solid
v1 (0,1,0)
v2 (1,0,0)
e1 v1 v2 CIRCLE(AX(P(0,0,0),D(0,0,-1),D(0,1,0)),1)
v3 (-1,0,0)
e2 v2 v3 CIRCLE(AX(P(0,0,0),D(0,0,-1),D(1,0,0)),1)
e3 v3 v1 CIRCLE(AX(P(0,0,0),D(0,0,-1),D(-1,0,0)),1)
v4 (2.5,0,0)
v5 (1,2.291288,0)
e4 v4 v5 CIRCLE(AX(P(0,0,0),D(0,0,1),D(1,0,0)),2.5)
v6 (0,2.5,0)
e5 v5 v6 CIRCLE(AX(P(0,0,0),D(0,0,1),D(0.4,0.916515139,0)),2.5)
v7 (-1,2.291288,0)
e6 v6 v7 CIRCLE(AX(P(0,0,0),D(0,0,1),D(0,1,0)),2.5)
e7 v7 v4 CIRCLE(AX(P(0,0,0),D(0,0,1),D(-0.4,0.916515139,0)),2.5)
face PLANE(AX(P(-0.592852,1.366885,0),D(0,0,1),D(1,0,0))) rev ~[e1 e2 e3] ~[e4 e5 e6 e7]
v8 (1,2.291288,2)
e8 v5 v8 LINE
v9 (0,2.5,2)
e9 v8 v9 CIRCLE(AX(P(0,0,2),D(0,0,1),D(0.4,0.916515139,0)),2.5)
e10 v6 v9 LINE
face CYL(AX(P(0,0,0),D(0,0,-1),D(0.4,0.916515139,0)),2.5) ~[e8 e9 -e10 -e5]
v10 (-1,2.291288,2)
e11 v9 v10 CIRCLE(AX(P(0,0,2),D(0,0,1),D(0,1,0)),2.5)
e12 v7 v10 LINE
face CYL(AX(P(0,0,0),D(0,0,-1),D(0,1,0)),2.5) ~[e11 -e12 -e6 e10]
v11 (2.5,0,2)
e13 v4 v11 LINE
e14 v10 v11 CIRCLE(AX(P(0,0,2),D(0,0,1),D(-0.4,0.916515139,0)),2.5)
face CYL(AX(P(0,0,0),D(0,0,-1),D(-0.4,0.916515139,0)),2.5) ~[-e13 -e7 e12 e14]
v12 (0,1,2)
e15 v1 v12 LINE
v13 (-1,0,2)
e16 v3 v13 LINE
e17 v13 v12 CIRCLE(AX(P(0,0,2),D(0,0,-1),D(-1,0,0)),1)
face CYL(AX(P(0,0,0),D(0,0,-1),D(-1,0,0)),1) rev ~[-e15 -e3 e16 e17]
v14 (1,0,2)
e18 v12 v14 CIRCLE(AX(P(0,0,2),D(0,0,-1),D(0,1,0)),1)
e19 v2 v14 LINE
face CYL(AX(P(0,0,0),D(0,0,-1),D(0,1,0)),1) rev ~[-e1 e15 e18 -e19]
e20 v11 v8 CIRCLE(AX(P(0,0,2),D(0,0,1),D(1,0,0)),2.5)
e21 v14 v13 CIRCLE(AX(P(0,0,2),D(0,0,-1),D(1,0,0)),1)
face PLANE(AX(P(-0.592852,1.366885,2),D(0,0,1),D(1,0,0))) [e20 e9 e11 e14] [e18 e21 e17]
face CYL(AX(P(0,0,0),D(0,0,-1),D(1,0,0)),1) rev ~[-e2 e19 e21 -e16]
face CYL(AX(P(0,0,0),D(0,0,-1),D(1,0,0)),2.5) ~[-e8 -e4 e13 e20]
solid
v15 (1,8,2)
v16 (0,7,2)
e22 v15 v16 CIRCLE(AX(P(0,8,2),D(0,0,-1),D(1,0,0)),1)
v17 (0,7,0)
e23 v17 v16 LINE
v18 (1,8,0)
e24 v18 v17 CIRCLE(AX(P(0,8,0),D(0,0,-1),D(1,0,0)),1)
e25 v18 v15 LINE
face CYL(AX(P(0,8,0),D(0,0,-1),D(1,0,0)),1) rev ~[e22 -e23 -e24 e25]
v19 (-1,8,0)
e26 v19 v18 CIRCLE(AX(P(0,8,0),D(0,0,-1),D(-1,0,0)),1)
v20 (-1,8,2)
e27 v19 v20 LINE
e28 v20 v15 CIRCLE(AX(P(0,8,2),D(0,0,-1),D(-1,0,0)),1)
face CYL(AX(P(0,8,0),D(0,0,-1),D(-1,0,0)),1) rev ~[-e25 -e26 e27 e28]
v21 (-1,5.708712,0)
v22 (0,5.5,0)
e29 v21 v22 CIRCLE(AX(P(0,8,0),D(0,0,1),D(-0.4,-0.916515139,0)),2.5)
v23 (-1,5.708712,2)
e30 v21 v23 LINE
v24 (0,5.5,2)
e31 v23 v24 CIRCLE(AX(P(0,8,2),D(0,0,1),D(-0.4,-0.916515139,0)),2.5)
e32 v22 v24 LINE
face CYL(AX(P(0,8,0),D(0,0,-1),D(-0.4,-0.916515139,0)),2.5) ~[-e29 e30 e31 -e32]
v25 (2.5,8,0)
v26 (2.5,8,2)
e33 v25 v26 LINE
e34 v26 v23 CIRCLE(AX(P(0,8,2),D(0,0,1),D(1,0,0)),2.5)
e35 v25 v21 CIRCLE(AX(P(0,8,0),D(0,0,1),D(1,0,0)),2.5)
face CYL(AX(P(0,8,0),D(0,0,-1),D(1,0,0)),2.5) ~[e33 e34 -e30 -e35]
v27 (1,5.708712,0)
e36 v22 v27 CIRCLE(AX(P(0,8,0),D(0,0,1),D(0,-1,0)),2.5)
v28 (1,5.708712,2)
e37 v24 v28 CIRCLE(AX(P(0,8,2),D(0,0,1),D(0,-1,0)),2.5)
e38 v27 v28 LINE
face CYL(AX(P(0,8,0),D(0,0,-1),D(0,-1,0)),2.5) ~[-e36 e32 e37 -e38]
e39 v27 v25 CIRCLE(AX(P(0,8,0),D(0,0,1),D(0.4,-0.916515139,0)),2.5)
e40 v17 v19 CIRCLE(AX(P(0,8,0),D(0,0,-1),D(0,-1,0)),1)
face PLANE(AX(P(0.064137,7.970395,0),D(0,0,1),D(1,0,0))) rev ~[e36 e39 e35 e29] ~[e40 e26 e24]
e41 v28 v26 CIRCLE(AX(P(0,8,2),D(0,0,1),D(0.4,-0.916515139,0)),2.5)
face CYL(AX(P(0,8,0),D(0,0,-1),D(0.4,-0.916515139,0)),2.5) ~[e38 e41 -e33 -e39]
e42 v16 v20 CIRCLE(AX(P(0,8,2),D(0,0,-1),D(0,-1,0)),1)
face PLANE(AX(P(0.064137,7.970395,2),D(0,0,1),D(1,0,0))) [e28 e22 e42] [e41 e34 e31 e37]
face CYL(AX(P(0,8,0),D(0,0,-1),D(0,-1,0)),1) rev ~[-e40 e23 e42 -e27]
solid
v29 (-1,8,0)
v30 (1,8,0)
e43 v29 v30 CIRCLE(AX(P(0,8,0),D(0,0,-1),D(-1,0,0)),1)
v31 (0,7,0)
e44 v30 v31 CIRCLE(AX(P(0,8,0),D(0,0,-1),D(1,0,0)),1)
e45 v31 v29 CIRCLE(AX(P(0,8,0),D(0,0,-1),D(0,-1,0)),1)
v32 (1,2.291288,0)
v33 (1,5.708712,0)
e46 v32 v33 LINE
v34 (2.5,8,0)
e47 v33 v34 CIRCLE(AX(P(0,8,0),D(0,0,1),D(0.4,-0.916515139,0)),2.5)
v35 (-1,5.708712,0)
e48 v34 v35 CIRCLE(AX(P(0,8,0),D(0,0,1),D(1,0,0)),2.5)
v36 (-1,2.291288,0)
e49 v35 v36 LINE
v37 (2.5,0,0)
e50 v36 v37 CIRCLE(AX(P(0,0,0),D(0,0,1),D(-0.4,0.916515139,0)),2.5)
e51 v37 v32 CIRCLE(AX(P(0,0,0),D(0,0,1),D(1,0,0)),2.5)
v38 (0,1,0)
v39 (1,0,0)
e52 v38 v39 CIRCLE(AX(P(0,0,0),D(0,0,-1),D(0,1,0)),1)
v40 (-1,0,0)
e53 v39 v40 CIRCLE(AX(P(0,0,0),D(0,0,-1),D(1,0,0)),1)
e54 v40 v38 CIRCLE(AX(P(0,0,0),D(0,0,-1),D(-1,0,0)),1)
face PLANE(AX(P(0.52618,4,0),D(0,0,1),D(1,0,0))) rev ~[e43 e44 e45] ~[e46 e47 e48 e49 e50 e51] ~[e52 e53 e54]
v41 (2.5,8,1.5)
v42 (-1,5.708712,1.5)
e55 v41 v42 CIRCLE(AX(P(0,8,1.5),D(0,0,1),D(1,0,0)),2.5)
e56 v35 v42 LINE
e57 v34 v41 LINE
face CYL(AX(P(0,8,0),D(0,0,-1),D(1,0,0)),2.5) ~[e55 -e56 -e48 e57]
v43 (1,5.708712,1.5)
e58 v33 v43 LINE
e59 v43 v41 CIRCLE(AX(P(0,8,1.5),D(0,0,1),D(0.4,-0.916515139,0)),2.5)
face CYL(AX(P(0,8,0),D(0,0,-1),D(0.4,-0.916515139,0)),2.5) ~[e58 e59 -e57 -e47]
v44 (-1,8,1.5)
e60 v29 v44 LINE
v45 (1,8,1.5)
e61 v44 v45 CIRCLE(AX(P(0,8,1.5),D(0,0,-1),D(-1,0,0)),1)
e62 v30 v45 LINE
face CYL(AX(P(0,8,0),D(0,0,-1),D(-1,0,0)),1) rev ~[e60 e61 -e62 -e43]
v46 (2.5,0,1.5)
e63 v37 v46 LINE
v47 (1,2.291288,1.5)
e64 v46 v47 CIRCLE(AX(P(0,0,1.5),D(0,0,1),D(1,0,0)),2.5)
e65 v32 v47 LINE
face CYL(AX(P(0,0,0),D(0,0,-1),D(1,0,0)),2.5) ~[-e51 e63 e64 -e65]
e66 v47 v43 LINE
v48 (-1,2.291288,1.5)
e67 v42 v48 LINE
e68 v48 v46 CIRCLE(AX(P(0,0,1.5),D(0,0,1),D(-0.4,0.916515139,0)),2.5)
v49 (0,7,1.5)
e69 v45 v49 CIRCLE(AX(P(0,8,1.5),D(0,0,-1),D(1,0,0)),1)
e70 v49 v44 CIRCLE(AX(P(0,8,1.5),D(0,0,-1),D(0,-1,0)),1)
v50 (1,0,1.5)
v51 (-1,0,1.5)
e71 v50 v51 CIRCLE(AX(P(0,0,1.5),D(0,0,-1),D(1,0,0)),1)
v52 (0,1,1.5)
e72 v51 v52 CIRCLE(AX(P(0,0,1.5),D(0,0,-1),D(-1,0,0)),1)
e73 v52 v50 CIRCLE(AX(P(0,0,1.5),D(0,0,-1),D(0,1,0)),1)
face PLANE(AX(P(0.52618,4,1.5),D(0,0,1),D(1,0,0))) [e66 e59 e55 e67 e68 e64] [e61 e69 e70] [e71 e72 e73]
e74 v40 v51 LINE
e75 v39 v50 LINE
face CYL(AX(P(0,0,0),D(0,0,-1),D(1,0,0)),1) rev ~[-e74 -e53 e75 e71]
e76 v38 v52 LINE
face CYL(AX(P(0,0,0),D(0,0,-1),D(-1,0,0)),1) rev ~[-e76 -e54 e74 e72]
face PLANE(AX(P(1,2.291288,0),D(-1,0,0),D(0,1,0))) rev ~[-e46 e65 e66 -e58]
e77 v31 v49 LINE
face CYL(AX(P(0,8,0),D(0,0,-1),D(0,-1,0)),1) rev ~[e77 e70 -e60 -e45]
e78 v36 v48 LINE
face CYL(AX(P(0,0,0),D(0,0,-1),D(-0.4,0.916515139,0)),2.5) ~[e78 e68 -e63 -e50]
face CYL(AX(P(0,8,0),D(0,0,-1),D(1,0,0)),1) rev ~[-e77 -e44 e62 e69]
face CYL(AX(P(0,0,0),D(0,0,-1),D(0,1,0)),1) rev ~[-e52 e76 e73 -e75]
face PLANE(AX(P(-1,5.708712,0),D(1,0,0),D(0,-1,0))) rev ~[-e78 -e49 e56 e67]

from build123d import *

# Parameters (mm, degrees)
F1_DEPTH = 2
F2_DEPTH = 1.5


with BuildPart() as f1:
    # F0 (on Top) → F1 (new body)
    with BuildSketch(Plane.XY):
        with BuildLine():
            ThreePointArc((2.5, 8), (-1.3693063938, 10.0916500663), (-1, 5.7087121525))
            Line((-1, 5.7087121525), (-1, 8))
            ThreePointArc((-1, 8), (0, 9), (1, 8))
            Line((1, 8), (1, 5.7087121525))
            ThreePointArc((1, 5.7087121525), (2.0916500663, 6.6306936062), (2.5, 8))
        make_face()
        with BuildLine():
            Line((-1, 8), (-1, 5.7087121525))
            ThreePointArc((-1, 5.7087121525), (-0.5107741092, 5.5527342177), (0, 5.5))
            Line((0, 5.5), (0, 7))
            ThreePointArc((0, 7), (-0.7071067812, 7.2928932188), (-1, 8))
        make_face()
        with BuildLine():
            ThreePointArc((0, 5.5), (0.5107741092, 5.5527342177), (1, 5.7087121525))
            Line((1, 5.7087121525), (1, 8))
            ThreePointArc((1, 8), (0.7071067812, 7.2928932188), (0, 7))
            Line((0, 7), (0, 5.5))
        make_face()
    extrude(amount=F1_DEPTH)


with BuildPart() as f1b:
    # F0 (on Top) → F1, piece 2 (new body)
    with BuildSketch(Plane.XY):
        with BuildLine():
            Line((-1, 2.2912878475), (-1, 0))
            ThreePointArc((-1, 0), (-0.7071067812, 0.7071067812), (0, 1))
            Line((0, 1), (0, 2.5))
            ThreePointArc((0, 2.5), (-0.5107741092, 2.4472657823), (-1, 2.2912878475))
        make_face()
        with BuildLine():
            ThreePointArc((1, 0), (0, -1), (-1, 0))
            Line((-1, 0), (-1, 2.2912878475))
            ThreePointArc((-1, 2.2912878475), (-1.3693063938, -2.0916500663), (2.5, 0))
            ThreePointArc((2.5, 0), (2.0916500663, 1.3693063938), (1, 2.2912878475))
            Line((1, 2.2912878475), (1, 0))
        make_face()
        with BuildLine():
            ThreePointArc((0, 1), (0.7071067812, 0.7071067812), (1, 0))
            Line((1, 0), (1, 2.2912878475))
            ThreePointArc((1, 2.2912878475), (0.5107741092, 2.4472657823), (0, 2.5))
            Line((0, 2.5), (0, 1))
        make_face()
    extrude(amount=F1_DEPTH)


with BuildPart() as f2:
    # F0 (on Top) → F2 (new body)
    with BuildSketch(Plane.XY):
        with BuildLine():
            ThreePointArc((0, 2.5), (0.5107741092, 2.4472657823), (1, 2.2912878475))
            Line((1, 2.2912878475), (1, 5.7087121525))
            ThreePointArc((1, 5.7087121525), (0.5107741092, 5.5527342177), (0, 5.5))
            Line((0, 5.5), (0, 2.5))
        make_face()
        with BuildLine():
            Line((-1, 5.7087121525), (-1, 2.2912878475))
            ThreePointArc((-1, 2.2912878475), (-0.5107741092, 2.4472657823), (0, 2.5))
            Line((0, 2.5), (0, 5.5))
            ThreePointArc((0, 5.5), (-0.5107741092, 5.5527342177), (-1, 5.7087121525))
        make_face()
        with BuildLine():
            Line((-1, 2.2912878475), (-1, 0))
            ThreePointArc((-1, 0), (-0.7071067812, 0.7071067812), (0, 1))
            Line((0, 1), (0, 2.5))
            ThreePointArc((0, 2.5), (-0.5107741092, 2.4472657823), (-1, 2.2912878475))
        make_face()
        with BuildLine():
            ThreePointArc((1, 0), (0, -1), (-1, 0))
            Line((-1, 0), (-1, 2.2912878475))
            ThreePointArc((-1, 2.2912878475), (-1.3693063938, -2.0916500663), (2.5, 0))
            ThreePointArc((2.5, 0), (2.0916500663, 1.3693063938), (1, 2.2912878475))
            Line((1, 2.2912878475), (1, 0))
        make_face()
        with BuildLine():
            ThreePointArc((0, 1), (0.7071067812, 0.7071067812), (1, 0))
            Line((1, 0), (1, 2.2912878475))
            ThreePointArc((1, 2.2912878475), (0.5107741092, 2.4472657823), (0, 2.5))
            Line((0, 2.5), (0, 1))
        make_face()
        with BuildLine():
            Line((-1, 8), (-1, 5.7087121525))
            ThreePointArc((-1, 5.7087121525), (-0.5107741092, 5.5527342177), (0, 5.5))
            Line((0, 5.5), (0, 7))
            ThreePointArc((0, 7), (-0.7071067812, 7.2928932188), (-1, 8))
        make_face()
        with BuildLine():
            ThreePointArc((2.5, 8), (-1.3693063938, 10.0916500663), (-1, 5.7087121525))
            Line((-1, 5.7087121525), (-1, 8))
            ThreePointArc((-1, 8), (0, 9), (1, 8))
            Line((1, 8), (1, 5.7087121525))
            ThreePointArc((1, 5.7087121525), (2.0916500663, 6.6306936062), (2.5, 8))
        make_face()
        with BuildLine():
            ThreePointArc((0, 5.5), (0.5107741092, 5.5527342177), (1, 5.7087121525))
            Line((1, 5.7087121525), (1, 8))
            ThreePointArc((1, 8), (0.7071067812, 7.2928932188), (0, 7))
            Line((0, 7), (0, 5.5))
        make_face()
    extrude(amount=F2_DEPTH)


solid = Compound([f1.part, f1b.part, f2.part])
